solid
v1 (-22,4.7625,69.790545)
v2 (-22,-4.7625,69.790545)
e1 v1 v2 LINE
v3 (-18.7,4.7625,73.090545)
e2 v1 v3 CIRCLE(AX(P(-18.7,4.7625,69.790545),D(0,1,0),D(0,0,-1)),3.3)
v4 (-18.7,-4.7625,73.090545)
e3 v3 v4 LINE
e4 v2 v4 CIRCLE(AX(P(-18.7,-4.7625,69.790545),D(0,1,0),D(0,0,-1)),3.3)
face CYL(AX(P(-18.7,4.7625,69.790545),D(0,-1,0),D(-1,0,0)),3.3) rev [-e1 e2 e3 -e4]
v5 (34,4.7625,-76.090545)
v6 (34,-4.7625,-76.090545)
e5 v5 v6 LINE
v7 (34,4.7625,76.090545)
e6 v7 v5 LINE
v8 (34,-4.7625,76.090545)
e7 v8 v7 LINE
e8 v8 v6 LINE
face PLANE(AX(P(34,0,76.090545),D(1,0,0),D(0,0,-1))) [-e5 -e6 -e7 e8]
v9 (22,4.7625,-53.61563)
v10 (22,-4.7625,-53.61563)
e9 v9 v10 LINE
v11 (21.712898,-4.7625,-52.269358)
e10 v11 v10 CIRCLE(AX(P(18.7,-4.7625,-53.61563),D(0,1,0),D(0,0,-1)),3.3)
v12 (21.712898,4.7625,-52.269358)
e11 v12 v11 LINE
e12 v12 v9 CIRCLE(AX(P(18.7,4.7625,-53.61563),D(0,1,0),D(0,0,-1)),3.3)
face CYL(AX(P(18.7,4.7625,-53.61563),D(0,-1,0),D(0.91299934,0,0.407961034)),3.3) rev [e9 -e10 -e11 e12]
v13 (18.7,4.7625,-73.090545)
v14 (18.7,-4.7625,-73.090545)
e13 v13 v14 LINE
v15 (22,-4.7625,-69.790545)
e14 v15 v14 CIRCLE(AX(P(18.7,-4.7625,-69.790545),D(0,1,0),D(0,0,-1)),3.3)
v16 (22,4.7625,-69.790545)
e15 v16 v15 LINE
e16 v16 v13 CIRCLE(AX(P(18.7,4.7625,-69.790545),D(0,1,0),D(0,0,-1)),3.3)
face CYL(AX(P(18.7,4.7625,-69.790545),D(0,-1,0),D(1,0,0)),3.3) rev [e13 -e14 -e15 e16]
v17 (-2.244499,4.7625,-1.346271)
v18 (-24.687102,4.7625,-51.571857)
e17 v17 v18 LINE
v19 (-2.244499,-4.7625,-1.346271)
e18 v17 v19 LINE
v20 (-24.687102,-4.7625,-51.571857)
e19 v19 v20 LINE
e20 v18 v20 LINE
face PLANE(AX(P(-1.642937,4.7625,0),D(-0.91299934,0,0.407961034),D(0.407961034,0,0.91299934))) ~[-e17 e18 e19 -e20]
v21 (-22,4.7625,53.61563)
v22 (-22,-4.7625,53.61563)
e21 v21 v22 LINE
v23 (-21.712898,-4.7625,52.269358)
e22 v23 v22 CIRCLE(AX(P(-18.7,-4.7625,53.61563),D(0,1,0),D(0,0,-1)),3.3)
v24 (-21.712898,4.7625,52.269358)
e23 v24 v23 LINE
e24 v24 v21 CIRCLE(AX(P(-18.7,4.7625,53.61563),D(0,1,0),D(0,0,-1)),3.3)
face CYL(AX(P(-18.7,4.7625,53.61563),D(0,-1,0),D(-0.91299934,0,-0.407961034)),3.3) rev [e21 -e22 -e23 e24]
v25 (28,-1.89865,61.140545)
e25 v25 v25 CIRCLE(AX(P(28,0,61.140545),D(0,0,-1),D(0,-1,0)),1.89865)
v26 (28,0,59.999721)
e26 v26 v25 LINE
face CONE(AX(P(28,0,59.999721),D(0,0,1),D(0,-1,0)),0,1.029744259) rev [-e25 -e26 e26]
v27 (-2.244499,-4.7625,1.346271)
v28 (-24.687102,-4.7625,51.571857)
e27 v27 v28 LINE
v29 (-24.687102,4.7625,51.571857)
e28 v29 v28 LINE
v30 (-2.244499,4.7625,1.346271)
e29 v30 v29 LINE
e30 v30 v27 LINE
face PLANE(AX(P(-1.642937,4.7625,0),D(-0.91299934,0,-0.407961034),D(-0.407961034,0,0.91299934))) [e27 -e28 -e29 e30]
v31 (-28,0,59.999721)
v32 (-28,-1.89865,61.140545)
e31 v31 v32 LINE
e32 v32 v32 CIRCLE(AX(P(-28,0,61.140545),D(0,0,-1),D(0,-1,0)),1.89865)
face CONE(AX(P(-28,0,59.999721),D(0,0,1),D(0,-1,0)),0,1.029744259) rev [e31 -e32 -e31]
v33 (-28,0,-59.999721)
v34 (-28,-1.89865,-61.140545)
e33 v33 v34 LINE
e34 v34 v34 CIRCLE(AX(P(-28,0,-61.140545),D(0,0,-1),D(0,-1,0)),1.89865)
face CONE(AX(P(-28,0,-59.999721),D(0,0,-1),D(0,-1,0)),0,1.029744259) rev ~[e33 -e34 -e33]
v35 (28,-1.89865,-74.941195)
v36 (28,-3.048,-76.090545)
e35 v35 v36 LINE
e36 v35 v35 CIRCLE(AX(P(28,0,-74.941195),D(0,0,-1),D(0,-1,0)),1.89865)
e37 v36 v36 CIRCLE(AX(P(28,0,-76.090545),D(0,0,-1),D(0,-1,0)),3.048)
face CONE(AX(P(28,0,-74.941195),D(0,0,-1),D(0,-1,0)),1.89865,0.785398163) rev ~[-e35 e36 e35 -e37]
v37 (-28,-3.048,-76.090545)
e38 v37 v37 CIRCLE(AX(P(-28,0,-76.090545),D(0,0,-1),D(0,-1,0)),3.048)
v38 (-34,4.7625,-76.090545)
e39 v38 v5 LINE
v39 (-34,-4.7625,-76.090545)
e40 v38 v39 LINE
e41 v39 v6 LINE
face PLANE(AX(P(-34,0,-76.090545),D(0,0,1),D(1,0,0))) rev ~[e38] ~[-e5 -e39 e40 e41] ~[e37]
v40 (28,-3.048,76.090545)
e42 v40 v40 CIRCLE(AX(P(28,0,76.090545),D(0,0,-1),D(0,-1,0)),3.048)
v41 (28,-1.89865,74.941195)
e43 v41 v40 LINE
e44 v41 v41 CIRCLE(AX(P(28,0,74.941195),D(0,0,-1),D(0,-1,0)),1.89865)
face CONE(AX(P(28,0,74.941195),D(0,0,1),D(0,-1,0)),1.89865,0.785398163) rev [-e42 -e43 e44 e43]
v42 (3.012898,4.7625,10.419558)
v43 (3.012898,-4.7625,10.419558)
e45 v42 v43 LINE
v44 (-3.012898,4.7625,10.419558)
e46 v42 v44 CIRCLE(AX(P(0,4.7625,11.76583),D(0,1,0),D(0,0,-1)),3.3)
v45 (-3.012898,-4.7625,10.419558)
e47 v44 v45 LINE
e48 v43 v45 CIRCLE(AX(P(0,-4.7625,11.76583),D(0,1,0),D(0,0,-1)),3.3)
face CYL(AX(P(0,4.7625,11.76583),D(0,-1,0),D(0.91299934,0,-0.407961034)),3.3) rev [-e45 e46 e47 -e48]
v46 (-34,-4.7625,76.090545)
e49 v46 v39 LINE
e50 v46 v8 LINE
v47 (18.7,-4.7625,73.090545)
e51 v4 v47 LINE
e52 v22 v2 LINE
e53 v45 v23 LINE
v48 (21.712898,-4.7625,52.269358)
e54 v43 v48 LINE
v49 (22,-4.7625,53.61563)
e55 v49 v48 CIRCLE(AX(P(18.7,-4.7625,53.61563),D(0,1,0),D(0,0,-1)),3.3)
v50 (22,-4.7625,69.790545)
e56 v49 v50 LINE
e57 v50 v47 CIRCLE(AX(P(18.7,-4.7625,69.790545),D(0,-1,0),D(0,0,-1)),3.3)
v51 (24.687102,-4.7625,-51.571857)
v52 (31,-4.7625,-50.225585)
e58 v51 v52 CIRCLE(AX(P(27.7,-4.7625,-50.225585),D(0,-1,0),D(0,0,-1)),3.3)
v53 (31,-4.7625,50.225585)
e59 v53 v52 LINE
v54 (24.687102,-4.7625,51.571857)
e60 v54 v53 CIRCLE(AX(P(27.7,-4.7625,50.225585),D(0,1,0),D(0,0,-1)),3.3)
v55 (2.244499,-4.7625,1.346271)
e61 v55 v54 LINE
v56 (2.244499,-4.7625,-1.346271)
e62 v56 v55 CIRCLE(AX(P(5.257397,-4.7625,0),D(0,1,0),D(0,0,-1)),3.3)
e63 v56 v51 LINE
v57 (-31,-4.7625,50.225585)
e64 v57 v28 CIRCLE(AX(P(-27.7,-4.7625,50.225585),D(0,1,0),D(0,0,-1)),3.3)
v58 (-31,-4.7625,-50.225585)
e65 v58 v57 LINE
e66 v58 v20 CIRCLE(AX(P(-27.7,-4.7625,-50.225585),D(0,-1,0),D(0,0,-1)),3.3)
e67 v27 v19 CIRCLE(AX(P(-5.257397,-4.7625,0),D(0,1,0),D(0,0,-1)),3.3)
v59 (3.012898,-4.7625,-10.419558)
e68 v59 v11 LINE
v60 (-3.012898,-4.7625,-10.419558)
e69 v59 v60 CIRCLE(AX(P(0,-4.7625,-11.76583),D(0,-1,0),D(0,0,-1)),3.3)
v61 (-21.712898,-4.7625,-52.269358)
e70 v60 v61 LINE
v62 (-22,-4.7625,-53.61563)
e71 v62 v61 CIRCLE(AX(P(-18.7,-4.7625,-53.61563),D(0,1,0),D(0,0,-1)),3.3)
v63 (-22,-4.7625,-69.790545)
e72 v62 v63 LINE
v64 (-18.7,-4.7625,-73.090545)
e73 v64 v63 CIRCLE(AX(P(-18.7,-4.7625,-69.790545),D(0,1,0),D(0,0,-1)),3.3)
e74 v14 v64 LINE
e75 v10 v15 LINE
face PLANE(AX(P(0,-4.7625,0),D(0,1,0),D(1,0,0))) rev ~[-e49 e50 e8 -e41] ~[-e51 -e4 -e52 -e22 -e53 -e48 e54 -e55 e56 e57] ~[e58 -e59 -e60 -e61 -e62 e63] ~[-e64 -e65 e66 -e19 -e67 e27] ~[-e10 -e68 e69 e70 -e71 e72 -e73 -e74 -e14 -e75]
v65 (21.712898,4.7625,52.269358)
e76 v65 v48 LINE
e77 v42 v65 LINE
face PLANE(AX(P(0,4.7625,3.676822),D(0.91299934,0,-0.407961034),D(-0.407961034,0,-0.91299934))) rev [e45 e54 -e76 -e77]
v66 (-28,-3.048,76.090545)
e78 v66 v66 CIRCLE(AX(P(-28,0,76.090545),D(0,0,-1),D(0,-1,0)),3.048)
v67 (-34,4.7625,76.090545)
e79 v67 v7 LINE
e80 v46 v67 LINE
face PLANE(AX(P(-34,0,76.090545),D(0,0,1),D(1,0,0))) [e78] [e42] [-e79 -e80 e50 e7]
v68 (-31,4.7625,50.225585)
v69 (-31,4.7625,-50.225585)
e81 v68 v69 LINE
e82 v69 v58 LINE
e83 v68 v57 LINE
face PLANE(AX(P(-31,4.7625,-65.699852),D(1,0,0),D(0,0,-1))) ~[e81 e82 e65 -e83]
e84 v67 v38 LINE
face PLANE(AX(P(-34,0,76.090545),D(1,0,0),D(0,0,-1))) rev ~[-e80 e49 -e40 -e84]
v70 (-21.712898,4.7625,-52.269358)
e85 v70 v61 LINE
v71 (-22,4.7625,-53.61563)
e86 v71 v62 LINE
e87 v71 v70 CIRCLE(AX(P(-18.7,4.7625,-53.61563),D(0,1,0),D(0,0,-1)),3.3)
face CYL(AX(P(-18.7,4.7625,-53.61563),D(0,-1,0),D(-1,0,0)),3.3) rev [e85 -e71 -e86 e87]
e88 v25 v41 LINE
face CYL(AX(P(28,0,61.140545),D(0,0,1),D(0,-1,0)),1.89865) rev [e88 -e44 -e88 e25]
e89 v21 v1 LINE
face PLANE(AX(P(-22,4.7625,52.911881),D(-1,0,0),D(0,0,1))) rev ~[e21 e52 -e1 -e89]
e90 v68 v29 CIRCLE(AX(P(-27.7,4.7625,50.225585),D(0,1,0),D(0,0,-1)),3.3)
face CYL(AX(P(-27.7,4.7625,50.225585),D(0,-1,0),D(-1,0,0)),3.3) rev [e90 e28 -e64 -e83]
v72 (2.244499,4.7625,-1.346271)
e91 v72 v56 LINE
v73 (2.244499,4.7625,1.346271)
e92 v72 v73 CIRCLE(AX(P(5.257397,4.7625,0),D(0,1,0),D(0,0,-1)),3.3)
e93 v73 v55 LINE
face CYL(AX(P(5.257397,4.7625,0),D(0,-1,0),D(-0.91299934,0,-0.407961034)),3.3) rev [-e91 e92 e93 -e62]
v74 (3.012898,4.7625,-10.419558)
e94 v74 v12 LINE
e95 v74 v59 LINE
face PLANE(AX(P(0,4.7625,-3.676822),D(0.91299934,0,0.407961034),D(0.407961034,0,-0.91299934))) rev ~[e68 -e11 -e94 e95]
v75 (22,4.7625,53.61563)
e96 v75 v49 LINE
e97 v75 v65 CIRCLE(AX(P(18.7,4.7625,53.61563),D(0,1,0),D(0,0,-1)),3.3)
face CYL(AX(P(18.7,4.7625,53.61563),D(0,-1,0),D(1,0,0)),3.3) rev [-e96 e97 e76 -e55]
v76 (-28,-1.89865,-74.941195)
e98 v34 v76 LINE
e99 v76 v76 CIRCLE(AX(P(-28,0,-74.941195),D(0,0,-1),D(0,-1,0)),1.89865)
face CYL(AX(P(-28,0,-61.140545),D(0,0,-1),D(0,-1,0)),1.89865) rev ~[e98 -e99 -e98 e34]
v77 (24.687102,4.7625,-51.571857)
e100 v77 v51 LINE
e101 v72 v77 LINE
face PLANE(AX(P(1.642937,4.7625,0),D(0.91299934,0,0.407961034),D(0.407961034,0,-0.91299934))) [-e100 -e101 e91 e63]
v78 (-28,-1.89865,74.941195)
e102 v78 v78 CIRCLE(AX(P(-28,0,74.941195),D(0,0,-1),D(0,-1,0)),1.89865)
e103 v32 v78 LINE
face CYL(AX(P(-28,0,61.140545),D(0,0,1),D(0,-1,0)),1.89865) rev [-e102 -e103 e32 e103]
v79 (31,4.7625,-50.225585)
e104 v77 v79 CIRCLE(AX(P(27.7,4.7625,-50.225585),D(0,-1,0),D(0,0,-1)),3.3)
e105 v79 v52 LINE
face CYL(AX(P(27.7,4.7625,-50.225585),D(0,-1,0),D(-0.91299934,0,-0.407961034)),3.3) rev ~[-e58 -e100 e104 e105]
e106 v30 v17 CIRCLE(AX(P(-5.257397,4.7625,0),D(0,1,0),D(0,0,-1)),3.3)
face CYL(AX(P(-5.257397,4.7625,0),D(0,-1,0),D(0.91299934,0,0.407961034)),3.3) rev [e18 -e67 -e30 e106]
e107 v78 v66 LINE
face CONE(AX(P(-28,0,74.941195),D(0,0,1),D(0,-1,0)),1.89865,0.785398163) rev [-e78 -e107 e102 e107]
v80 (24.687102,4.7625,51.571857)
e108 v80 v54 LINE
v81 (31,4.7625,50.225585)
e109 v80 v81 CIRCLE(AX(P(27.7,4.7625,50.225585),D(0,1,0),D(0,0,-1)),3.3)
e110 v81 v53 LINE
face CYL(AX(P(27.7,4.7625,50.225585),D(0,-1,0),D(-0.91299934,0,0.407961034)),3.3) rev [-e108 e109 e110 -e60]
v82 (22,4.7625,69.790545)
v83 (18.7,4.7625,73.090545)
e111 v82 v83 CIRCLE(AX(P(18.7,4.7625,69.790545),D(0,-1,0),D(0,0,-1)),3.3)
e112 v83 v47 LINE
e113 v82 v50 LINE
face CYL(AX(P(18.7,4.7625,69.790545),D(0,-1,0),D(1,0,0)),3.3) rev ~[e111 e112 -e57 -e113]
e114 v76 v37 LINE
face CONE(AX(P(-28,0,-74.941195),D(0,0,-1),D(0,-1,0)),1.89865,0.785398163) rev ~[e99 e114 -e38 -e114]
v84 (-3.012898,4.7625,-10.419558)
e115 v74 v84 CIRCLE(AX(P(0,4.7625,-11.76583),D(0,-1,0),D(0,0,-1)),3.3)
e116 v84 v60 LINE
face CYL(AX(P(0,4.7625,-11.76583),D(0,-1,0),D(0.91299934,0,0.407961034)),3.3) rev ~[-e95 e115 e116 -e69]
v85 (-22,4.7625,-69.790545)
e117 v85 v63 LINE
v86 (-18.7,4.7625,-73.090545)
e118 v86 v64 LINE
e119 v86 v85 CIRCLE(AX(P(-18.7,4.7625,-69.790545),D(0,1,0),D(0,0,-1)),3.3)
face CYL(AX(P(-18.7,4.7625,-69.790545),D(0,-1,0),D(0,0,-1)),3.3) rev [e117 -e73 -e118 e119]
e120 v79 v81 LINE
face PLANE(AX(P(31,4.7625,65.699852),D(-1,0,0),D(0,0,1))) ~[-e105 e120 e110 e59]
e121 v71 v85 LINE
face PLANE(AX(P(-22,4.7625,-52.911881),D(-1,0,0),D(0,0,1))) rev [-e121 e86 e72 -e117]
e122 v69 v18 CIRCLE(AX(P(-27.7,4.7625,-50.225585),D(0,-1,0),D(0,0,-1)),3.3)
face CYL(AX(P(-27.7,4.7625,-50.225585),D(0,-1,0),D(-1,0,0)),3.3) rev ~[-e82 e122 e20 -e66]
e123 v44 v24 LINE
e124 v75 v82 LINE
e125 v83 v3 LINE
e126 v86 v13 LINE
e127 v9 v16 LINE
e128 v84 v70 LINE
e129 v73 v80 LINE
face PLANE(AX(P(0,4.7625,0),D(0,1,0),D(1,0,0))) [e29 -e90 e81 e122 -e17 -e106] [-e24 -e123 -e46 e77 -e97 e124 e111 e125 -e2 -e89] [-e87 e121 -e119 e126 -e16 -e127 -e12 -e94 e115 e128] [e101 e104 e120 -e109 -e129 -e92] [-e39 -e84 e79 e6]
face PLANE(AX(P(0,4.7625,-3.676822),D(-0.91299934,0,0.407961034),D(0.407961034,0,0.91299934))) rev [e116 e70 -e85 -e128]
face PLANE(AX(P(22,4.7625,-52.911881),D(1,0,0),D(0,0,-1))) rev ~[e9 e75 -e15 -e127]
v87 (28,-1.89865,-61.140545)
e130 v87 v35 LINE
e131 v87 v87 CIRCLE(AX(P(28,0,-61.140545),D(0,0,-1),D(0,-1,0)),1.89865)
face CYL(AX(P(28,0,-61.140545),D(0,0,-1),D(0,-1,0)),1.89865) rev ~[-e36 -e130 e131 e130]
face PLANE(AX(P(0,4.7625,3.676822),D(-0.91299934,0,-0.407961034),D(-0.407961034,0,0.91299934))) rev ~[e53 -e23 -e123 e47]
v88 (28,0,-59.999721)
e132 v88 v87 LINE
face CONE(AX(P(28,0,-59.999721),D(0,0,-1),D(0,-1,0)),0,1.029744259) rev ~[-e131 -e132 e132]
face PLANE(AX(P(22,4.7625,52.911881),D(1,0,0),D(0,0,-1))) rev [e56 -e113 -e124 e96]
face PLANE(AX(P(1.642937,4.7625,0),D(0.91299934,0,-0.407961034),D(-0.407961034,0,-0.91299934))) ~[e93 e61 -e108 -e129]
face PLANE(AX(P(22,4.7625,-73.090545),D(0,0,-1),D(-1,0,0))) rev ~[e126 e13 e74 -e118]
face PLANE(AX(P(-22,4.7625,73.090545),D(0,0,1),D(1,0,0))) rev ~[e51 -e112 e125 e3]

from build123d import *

# Parameters (mm, degrees)
SKETCH1_W                       = 68
SKETCH1_H                       = 152.18109071
BOSS_EXTRUDE1_DEPTH             = 4.7625
CUT_EXTRUDE2_DEPTH              = 10.525
MIRROR3_COPY_1_DEPTH            = 10.525
FILLET1_R                       = 3.3
F_10_24_TAPPED_HOLE1_AT_2_COUNT = 2
F_10_24_TAPPED_HOLE1_AT_2_PITCH = 56


with BuildPart() as part:
    # Sketch1 → Boss-Extrude1 (new body, symmetric)
    with BuildSketch(Plane(origin=(0, 0, 0), x_dir=(1, 0, 0), z_dir=(0, 1, 0))):
        Rectangle(SKETCH1_W, SKETCH1_H)
    extrude(amount=BOSS_EXTRUDE1_DEPTH, both=True)

    # Sketch5 → Cut-Extrude2 (cut, through all)
    with BuildSketch(Plane(origin=(0, 4.7625, 0), x_dir=(1, 0, 0), z_dir=(0, 1, 0))):
        Polygon((-31, -65.699851963), (-31, 0), (-1.642936566, 0), align=None)
        Polygon((-22, -73.090545355), (0, -73.090545355), (0, -3.676821743), (-22, -52.911880502), align=None)
    cut_extrude2 = extrude(amount=-CUT_EXTRUDE2_DEPTH, mode=Mode.SUBTRACT)

    # Mirror2: Cut-Extrude2 across plane
    add(cut_extrude2.mirror(Plane(origin=(0, 0, 0), x_dir=(0, 0, 1), z_dir=(1, 0, 0))), mode=Mode.SUBTRACT)

    # Mirror3: Cut-Extrude2 across plane
    add(cut_extrude2.mirror(Plane.XY), mode=Mode.SUBTRACT)

    # Mirror3 copy 1 sketch → Mirror3 copy 1 (cut, through all)
    with BuildSketch(Plane(origin=(0, 4.7625, 0), x_dir=(-1, 0, 0), z_dir=(0, 1, 0))):
        Polygon((-31, -65.699851963), (-31, 0), (-1.642936566, 0), align=None)
        Polygon((-22, -73.090545355), (0, -73.090545355), (0, -3.676821743), (-22, -52.911880502), align=None)
    extrude(amount=-MIRROR3_COPY_1_DEPTH, mode=Mode.SUBTRACT)

    # Fillet1
    fillet1_edges = [part.edges().sort_by_distance(p)[0] for p in [
        (-1.642936566, 0, 0),
        (-31, 0, 65.699851963),
        (0, 0, 3.676821743),
        (-22, 0, 73.090545355),
        (-22, 0, 52.911880502),
        (31, 0, 65.699851963),
        (1.642936566, 0, 0),
        (22, 0, 52.911880502),
        (22, 0, 73.090545355),
        (31, 0, -65.699851963),
        (0, 0, -3.676821743),
        (22, 0, -73.090545355),
        (22, 0, -52.911880502),
        (-31, 0, -65.699851963),
        (-22, 0, -52.911880502),
        (-22, 0, -73.090545355),
    ]]
    fillet(fillet1_edges, radius=FILLET1_R)

    # Sketch2 → #10-24 Tapped Hole1 (revolve, cut)
    with BuildSketch(Plane(origin=(-28, 0, 76.090545355), x_dir=(0, -1, 0), z_dir=(1, 0, 0))):
        Polygon((0, 0), (0, 16.090824014), (1.89865, 14.95), (1.89865, 1.14935), (3.048, 0), align=None)
    f_10_24_tapped_hole1 = revolve(axis=Axis((-28, 0, 82.440545355), (0, 0, -1)), mode=Mode.SUBTRACT)

    # #10-24 Tapped Hole1 at 2: #10-24 Tapped Hole1 ×2
    with Locations(*[(i * F_10_24_TAPPED_HOLE1_AT_2_PITCH, 0, 0) for i in range(1, F_10_24_TAPPED_HOLE1_AT_2_COUNT)]):
        add(f_10_24_tapped_hole1, mode=Mode.SUBTRACT)

    # Mirror1: #10-24 Tapped Hole1 across plane
    add(f_10_24_tapped_hole1.mirror(Plane.XY), mode=Mode.SUBTRACT)

    # Mirror1 copy 1 sketch → Mirror1 copy 1 (revolve, cut)
    with BuildSketch(Plane(origin=(28, 0, -76.090545355), x_dir=(0, -1, 0), z_dir=(1, 0, 0))):
        Polygon((0, 0), (0, -16.090824014), (1.89865, -14.95), (1.89865, -1.14935), (3.048, 0), align=None)
    revolve(axis=Axis((28, 0, -82.440545355), (0, 0, -1)), mode=Mode.SUBTRACT)


solid = part.part
